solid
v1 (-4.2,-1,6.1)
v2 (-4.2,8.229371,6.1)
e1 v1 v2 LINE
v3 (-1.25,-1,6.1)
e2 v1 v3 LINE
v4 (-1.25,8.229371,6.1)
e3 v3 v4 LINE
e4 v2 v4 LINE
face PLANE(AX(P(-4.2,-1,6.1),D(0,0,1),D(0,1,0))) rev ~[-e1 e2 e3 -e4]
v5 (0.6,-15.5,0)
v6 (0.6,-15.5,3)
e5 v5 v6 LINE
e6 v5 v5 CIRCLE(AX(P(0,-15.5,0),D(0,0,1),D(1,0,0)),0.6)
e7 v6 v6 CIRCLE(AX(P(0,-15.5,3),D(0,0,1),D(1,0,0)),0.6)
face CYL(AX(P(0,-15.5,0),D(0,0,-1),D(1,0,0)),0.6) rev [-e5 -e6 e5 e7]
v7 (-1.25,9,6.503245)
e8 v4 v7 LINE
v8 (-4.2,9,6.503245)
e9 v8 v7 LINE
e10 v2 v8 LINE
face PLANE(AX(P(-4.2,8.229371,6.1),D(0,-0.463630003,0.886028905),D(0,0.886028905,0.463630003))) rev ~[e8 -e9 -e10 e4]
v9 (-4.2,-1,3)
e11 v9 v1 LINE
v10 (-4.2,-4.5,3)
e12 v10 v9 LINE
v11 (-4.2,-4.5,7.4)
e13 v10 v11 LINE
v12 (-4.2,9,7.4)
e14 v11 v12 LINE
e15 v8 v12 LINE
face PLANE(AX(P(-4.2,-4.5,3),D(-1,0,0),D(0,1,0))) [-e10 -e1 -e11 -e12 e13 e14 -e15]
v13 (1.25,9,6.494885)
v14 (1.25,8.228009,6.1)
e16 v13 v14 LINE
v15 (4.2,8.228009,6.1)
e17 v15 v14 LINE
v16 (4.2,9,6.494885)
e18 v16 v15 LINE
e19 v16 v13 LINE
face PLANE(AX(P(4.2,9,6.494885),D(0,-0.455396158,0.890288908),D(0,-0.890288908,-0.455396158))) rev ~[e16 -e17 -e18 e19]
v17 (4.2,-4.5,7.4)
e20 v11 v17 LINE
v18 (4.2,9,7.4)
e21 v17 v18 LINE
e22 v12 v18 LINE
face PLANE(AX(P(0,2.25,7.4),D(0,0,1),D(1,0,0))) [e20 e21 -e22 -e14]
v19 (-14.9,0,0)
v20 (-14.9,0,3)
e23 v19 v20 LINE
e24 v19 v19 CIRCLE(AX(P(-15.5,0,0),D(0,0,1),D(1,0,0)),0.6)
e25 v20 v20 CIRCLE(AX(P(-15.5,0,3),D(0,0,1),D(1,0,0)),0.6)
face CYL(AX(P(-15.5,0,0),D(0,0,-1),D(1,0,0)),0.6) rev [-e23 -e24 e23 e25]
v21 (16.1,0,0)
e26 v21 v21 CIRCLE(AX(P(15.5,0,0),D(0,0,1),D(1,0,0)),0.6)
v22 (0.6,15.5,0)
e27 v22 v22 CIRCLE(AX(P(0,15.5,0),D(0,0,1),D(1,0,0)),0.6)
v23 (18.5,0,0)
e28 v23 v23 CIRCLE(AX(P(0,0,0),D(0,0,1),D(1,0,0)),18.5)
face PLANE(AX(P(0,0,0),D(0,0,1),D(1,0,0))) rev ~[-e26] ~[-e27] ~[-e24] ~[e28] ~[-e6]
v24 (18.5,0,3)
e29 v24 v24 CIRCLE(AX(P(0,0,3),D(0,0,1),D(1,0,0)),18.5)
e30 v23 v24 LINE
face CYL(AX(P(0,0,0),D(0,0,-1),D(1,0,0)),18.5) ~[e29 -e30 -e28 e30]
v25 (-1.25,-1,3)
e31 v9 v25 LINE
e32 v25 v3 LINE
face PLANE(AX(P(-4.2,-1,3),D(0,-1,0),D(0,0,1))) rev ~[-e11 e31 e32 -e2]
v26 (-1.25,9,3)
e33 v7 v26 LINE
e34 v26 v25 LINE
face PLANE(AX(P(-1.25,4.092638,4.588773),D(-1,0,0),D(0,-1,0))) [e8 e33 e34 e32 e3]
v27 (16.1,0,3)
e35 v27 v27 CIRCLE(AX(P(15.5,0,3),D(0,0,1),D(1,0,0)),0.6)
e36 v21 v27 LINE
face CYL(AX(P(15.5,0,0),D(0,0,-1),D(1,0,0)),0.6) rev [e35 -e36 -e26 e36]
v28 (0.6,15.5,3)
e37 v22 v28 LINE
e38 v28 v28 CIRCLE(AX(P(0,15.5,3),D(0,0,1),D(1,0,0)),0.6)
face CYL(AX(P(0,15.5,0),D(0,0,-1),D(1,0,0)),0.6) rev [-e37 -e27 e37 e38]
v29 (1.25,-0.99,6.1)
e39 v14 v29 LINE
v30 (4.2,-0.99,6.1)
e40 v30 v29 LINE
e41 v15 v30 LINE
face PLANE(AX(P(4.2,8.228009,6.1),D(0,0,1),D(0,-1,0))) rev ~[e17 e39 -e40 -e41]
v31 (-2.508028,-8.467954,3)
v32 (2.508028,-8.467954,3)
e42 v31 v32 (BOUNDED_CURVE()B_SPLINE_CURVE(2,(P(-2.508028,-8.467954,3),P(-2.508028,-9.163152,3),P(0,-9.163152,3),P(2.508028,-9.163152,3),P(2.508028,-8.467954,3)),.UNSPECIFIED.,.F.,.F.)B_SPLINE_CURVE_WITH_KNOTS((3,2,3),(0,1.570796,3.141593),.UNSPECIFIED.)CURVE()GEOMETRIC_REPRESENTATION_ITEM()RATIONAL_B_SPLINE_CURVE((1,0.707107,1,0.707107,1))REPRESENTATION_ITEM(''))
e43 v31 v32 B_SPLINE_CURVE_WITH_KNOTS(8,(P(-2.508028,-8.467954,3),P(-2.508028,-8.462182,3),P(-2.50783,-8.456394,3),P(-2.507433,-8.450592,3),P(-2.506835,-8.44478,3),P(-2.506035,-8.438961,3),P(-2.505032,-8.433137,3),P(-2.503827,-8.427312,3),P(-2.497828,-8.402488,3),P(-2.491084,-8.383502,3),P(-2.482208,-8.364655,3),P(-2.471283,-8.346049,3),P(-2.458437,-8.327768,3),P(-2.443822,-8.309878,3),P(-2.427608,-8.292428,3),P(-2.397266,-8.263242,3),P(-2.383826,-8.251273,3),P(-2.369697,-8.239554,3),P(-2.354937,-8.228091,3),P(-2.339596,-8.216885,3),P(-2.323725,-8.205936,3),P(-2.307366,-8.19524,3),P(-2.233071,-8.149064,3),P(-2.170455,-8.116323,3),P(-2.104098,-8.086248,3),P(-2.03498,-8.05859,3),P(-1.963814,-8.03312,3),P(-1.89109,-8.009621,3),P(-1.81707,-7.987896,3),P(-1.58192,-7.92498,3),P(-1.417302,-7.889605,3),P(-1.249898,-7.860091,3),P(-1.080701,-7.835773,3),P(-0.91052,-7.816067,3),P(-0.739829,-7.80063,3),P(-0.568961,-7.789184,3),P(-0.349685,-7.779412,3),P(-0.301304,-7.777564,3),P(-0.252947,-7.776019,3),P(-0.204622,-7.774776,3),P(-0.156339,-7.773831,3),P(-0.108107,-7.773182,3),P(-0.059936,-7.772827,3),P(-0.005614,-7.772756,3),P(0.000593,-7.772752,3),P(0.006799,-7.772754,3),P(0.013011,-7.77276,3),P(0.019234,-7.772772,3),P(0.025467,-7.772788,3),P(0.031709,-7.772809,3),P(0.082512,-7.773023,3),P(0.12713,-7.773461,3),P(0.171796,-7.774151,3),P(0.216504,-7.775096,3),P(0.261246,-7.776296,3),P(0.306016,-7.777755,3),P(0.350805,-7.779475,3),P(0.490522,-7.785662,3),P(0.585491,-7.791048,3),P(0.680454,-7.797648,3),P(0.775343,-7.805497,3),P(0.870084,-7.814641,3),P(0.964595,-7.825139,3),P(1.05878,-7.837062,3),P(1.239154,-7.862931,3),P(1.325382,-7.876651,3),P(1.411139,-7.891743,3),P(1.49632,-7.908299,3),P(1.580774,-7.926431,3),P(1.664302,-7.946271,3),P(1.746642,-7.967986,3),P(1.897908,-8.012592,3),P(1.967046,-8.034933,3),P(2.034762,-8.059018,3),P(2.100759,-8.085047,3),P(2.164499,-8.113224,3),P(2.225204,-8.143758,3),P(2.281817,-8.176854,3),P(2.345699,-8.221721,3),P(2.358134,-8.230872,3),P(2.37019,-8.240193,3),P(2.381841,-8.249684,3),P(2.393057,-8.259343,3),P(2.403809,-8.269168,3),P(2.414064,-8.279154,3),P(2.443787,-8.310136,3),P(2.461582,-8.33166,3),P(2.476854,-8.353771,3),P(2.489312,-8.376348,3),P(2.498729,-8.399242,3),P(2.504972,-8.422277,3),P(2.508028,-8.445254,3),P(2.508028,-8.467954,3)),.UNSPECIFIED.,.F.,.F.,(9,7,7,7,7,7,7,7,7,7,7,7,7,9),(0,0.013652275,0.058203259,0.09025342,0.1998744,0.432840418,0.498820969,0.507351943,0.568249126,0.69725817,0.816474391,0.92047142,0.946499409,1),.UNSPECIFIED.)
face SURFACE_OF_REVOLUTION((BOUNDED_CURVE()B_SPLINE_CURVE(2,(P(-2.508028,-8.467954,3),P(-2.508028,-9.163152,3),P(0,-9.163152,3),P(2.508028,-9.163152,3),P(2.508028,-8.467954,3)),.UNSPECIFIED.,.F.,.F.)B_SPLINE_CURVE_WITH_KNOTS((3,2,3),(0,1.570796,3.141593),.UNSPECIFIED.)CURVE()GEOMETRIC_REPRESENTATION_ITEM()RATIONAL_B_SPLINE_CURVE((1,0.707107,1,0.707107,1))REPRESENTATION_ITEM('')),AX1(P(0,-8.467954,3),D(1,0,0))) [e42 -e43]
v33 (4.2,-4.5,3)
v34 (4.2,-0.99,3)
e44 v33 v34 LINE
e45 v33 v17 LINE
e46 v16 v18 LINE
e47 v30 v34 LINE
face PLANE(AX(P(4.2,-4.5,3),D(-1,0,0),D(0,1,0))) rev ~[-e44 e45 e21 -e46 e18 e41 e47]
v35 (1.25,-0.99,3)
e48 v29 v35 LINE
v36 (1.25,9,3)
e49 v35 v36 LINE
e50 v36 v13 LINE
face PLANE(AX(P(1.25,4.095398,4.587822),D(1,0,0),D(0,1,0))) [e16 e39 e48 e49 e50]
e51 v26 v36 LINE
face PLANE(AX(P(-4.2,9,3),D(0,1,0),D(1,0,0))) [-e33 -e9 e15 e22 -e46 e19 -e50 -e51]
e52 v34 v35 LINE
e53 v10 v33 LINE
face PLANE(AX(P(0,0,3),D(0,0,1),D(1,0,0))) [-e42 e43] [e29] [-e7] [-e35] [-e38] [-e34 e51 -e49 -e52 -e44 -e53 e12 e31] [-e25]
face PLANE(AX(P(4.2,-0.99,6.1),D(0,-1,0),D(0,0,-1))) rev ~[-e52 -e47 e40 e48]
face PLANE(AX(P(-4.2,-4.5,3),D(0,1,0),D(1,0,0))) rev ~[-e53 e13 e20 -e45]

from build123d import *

# Parameters (mm, degrees)
F0_R     = 18.5
F0_R_2   = 0.6
F1_DEPTH = 3
F2_W     = 8.4
F2_H     = 13.5
F3_DEPTH = 4.4
F5_DEPTH = 2.95
F7_DEPTH = 2.95


with BuildPart() as f1:
    # F0 (on Top) → F1 (new body)
    with BuildSketch(Plane.XY):
        Circle(F0_R)
        with Locations((0, -15.5)):
            Circle(F0_R_2, mode=Mode.SUBTRACT)
        with Locations((-15.5, 0)):
            Circle(F0_R_2, mode=Mode.SUBTRACT)
        with Locations((15.5, 0)):
            Circle(F0_R_2, mode=Mode.SUBTRACT)
        with Locations((0, 15.5)):
            Circle(F0_R_2, mode=Mode.SUBTRACT)
    extrude(amount=F1_DEPTH)

    # F2 (on face) → F3 (join)
    with BuildSketch(Plane.XY.offset(3)):
        with Locations((0, 2.25)):
            Rectangle(F2_W, F2_H)
    extrude(amount=F3_DEPTH)

    # F4 (on face) → F5 (cut)
    with BuildSketch(Plane(origin=(-4.2, 0, 0), x_dir=(0, -1, 0), z_dir=(-1, 0, 0))):
        Polygon((-9, 3), (1, 3), (1, 6.1), (-8.229371, 6.1), (-9, 6.503245), align=None)
    extrude(amount=-F5_DEPTH, mode=Mode.SUBTRACT)

    # F6 (on face) → F7 (cut)
    with BuildSketch(Plane.YZ.offset(4.2)):
        Polygon((-0.99, 3), (9, 3), (9, 6.494885), (8.228009, 6.1), (-0.219371, 6.1), (-0.99, 6.1), align=None)
    extrude(amount=-F7_DEPTH, mode=Mode.SUBTRACT)

    # F8 (on face) → F9 (revolve)
    with BuildSketch(Plane.XY.offset(3)):
        with BuildLine():
            Line((2.508028, -8.467954), (-2.508028, -8.467954))
            add(Edge.make_bspline(
                [(-2.508028, -8.467954), (-2.508028, -9.163152), (0, -9.163152), (2.508028, -9.163152), (2.508028, -8.467954)],
                knots=[0, 0, 0, 1.570796, 1.570796, 3.141593, 3.141593, 3.141593], degree=2, weights=[1, 0.707107, 1, 0.707107, 1]))
        make_face()
    revolve(axis=Axis((0, -8.467954, 3), (1, 0, 0)))


solid = f1.part
